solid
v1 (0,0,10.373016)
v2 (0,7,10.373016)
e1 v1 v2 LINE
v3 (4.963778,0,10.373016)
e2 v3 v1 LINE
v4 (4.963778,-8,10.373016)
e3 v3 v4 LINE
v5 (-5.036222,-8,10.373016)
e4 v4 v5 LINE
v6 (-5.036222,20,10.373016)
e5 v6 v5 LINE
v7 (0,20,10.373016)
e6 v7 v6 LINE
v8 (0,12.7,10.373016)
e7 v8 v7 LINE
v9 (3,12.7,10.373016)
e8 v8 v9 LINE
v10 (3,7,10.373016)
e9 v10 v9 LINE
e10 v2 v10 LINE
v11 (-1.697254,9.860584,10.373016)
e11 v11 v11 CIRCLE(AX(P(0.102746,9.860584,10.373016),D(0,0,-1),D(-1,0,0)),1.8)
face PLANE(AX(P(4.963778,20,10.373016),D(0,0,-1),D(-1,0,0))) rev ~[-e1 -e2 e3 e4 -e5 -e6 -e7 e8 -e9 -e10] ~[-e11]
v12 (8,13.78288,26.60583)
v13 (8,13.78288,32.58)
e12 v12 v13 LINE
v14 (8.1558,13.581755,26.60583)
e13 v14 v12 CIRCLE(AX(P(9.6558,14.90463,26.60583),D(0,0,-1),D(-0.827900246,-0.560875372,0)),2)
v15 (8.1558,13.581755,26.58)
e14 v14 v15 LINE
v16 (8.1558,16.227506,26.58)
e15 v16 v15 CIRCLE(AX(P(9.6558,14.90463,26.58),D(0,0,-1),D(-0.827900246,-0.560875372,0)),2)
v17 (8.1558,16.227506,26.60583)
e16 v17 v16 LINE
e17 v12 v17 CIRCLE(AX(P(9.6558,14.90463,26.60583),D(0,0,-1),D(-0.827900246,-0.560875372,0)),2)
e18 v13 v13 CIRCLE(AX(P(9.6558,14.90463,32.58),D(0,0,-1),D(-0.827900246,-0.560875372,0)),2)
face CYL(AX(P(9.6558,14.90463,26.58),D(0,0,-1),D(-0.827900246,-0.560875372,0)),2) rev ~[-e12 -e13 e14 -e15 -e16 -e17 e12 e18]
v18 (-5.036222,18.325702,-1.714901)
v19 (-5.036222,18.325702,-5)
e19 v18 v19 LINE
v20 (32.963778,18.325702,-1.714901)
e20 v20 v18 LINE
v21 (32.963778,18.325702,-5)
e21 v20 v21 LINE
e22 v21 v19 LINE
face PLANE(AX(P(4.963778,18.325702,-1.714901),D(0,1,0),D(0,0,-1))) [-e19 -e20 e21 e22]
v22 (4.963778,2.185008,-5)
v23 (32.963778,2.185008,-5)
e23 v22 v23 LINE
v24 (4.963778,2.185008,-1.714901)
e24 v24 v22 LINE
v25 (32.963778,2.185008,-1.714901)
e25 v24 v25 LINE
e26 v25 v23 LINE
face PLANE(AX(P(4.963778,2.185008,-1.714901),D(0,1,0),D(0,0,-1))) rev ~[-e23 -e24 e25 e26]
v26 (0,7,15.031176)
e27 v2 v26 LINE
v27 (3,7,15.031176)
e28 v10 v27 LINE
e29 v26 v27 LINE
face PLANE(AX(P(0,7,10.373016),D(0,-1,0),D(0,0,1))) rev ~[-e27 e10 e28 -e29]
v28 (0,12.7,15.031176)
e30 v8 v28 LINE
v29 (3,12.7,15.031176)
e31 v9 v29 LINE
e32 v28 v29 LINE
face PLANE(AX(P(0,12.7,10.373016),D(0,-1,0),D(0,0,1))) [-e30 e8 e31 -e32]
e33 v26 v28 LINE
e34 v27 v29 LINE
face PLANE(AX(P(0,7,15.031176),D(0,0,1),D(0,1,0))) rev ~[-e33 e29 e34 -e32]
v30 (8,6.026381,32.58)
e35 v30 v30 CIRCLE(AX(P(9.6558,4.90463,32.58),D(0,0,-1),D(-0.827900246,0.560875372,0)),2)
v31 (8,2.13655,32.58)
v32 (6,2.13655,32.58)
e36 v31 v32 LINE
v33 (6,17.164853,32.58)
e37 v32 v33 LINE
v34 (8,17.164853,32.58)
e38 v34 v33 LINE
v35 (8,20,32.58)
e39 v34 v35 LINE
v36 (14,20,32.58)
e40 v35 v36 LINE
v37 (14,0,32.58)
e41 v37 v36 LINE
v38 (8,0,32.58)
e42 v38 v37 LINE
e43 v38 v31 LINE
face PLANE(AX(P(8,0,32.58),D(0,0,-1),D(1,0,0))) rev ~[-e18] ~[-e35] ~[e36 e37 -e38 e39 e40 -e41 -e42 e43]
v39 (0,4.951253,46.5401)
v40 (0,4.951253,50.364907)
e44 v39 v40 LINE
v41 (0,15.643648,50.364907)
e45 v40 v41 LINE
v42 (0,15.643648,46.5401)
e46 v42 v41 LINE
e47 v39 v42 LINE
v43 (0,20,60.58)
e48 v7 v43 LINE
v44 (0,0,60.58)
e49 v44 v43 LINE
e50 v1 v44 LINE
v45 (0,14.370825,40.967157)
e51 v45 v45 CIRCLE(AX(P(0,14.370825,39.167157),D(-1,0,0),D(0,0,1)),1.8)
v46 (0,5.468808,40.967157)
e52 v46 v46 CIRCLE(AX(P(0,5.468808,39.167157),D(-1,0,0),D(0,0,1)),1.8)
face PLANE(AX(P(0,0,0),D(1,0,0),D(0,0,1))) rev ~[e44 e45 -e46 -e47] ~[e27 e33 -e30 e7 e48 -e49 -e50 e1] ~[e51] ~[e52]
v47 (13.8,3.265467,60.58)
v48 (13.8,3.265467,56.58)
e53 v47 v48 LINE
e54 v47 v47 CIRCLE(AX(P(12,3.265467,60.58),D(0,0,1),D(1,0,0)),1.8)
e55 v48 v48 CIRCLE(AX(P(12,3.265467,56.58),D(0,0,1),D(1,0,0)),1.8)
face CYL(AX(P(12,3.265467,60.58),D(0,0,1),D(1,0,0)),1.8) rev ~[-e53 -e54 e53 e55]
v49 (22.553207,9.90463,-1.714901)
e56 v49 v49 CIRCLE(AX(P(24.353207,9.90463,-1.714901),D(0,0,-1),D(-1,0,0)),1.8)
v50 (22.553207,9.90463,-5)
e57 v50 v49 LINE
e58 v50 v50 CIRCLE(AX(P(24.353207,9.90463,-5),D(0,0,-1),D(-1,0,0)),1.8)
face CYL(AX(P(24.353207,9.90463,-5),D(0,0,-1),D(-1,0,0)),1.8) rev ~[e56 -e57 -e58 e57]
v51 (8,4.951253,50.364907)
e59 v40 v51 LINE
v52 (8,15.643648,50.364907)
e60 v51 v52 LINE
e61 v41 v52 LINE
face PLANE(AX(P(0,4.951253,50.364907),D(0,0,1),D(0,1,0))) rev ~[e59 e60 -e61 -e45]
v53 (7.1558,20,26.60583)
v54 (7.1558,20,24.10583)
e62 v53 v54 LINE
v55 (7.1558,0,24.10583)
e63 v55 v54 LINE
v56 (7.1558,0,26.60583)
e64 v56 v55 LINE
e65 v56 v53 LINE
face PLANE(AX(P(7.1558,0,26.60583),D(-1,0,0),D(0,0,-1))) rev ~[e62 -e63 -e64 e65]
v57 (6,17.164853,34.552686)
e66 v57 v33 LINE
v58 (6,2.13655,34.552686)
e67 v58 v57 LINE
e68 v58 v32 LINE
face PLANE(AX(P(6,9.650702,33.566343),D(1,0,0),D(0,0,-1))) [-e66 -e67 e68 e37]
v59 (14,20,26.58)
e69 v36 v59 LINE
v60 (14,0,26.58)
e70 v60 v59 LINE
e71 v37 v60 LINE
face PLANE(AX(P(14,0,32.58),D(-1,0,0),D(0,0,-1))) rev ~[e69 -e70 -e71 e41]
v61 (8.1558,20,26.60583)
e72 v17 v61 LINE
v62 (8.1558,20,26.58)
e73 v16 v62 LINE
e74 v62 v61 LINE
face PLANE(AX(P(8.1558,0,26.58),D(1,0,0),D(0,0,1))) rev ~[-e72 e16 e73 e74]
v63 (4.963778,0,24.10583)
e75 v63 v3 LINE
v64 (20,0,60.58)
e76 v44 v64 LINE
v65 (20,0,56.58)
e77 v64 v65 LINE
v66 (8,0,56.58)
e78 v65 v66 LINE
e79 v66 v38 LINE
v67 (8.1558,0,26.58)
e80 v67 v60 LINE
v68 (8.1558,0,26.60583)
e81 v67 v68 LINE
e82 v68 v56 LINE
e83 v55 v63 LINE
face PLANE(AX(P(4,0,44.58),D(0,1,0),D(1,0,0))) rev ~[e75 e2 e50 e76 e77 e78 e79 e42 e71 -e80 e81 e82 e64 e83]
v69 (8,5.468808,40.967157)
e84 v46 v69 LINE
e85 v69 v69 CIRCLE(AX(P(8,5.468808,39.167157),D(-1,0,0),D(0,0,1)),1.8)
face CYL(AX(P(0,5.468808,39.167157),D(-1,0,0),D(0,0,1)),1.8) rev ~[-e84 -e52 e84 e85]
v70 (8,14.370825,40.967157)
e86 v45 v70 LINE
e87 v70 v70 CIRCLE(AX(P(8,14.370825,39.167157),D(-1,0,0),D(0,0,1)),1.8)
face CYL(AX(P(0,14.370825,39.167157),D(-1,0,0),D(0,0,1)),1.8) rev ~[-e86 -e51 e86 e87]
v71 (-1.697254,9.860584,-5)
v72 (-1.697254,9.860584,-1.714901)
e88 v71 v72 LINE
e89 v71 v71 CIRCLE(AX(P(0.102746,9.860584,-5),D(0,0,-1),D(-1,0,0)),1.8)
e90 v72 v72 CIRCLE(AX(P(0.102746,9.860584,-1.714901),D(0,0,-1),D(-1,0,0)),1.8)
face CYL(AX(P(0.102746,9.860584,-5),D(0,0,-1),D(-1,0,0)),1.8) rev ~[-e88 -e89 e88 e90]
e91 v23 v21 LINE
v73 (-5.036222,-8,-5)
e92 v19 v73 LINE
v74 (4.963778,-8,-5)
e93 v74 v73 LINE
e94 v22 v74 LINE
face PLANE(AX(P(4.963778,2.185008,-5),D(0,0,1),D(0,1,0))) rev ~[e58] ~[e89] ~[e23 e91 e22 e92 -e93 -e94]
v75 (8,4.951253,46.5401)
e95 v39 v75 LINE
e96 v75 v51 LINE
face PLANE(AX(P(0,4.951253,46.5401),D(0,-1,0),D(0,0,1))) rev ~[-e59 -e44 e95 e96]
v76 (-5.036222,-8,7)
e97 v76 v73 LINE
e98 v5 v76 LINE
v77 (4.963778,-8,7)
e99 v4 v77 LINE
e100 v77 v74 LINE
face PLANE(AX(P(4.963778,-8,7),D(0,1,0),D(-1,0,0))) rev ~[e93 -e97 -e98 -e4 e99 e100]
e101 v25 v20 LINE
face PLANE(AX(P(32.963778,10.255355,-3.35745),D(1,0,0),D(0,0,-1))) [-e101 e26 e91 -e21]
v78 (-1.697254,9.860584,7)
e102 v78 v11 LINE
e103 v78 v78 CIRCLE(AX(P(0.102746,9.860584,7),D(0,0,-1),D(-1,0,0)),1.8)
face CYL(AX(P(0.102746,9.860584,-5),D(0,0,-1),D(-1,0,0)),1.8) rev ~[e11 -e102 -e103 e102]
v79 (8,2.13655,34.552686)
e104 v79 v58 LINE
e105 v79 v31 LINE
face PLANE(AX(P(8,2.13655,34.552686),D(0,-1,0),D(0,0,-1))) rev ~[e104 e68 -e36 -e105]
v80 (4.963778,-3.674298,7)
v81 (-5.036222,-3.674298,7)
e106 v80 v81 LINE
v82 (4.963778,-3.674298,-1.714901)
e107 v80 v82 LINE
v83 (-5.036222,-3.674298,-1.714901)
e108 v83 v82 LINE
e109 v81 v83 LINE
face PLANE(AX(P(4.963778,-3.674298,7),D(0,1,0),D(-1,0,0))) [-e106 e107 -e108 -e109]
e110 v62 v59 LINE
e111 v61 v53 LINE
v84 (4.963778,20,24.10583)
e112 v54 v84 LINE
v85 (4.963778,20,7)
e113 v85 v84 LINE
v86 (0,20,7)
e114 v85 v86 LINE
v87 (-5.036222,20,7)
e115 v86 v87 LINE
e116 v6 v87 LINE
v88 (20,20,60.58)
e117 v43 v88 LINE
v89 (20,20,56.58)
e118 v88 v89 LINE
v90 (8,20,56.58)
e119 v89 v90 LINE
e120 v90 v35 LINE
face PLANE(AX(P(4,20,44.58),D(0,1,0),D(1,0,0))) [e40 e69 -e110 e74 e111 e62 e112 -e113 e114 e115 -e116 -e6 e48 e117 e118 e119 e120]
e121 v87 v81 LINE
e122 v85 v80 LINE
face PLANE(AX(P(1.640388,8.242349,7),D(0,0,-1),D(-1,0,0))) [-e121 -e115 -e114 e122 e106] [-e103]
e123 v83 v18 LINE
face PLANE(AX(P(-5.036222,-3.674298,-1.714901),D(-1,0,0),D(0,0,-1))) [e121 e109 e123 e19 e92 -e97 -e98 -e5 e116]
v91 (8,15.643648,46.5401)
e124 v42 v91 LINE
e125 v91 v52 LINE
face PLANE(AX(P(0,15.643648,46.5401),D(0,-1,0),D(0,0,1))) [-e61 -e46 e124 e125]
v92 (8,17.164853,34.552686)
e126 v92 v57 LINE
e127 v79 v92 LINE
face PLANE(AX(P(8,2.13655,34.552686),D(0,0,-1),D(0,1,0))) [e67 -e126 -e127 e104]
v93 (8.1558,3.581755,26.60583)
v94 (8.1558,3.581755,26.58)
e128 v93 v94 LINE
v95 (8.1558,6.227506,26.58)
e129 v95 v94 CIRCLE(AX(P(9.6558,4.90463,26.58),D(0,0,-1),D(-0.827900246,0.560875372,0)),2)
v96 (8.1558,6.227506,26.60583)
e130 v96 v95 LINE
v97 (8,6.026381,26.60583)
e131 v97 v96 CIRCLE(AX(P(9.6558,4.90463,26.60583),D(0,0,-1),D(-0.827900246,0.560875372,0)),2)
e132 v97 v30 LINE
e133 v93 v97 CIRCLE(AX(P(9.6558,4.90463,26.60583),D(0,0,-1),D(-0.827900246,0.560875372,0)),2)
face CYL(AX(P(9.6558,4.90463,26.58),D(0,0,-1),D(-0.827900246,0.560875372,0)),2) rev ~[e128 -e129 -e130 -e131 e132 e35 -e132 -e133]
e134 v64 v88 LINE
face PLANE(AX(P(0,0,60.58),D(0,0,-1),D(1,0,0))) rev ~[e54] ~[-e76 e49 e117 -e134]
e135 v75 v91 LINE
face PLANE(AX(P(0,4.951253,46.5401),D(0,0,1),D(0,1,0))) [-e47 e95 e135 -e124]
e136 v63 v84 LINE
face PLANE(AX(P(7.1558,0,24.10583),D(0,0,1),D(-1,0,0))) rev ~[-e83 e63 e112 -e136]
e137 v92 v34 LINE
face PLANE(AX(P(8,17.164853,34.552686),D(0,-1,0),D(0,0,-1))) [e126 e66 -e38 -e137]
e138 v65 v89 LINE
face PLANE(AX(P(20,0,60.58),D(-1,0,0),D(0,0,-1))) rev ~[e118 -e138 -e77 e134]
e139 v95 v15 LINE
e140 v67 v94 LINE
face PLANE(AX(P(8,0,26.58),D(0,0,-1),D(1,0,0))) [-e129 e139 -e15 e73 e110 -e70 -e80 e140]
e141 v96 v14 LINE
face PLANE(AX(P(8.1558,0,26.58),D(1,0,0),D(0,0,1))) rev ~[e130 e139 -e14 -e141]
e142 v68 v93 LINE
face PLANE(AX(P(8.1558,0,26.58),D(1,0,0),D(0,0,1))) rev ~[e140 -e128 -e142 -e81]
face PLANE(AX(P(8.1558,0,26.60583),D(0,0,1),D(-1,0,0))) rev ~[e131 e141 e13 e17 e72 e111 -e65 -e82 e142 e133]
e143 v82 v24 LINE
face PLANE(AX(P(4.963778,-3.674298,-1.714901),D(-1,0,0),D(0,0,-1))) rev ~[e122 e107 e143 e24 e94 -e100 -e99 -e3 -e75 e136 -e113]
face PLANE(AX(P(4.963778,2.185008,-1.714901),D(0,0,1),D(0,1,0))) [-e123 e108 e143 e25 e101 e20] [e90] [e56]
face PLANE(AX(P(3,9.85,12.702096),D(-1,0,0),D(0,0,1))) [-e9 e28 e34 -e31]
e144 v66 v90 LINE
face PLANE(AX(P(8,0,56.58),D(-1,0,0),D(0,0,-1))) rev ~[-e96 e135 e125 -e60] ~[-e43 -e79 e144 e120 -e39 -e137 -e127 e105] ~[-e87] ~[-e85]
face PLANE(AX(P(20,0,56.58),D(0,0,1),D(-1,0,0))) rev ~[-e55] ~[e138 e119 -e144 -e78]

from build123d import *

# Parameters (mm, degrees)
SKETCH1_W                = 8
SKETCH1_H                = 24
SKETCH1_H_2              = 6
SKETCH1_H_3              = 26.58
SKETCH1_W_2              = 6
BOSS_EXTRUDE1_DEPTH      = 20
SKETCH2_W                = 0.38984803
SKETCH2_H                = 24.105830214
CUT_EXTRUDE1_DEPTH       = 20
SKETCH3_W                = 42.504801082
SKETCH3_H                = 61.271071749
CUT_EXTRUDE2_DEPTH       = 7
BOSS_EXTRUDE3_DEPTH      = 8
BOSS_EXTRUDE3_DEPTH_BACK = 20
SKETCH5_W                = 10
SKETCH5_H                = 3.373015501
SKETCH6_R                = 2
CUT_EXTRUDE3_DEPTH       = 6
SKETCH7_W                = 10
SKETCH7_H                = 4.325701587
BOSS_EXTRUDE4_DEPTH      = 12
SKETCH8_W                = 10
SKETCH8_H                = 3.285099304
BOSS_EXTRUDE5_DEPTH      = 22
SKETCH9_R                = 1.8
CUT_EXTRUDE4_DEPTH       = 20
SKETCH10_W               = 4.6581603
SKETCH10_H               = 5.7
CUT_EXTRUDE5_DEPTH       = 3
SKETCH12_R               = 1.8
CUT_EXTRUDE7_DEPTH       = 5
SKETCH13_R               = 1.8
CUT_EXTRUDE8_DEPTH       = 12
SKETCH14_W               = 3.285099304
SKETCH14_H               = 16.14069385
BOSS_EXTRUDE6_DEPTH      = 28
SKETCH15_R               = 1.8
CUT_EXTRUDE9_DEPTH       = 20
SKETCH16_W               = 1.97268601
SKETCH16_H               = 15.028302634
CUT_EXTRUDE10_DEPTH      = 2
SKETCH18_W               = 3.824807143
SKETCH18_H               = 10.692395384
CUT_EXTRUDE11_DEPTH      = 10


with BuildPart() as part:
    # Sketch1 → Boss-Extrude1 (new body)
    with BuildSketch(Plane(origin=(0, 0, 0), x_dir=(1, 0, 0), z_dir=(0, 1, 0))):
        with Locations((4, -44.58)):
            Rectangle(SKETCH1_W, SKETCH1_H)
        with Locations((4, -29.58)):
            Rectangle(SKETCH1_W, SKETCH1_H_2)
        with Locations((4, -13.29)):
            Rectangle(SKETCH1_W, SKETCH1_H_3)
        with Locations((11, -29.58)):
            Rectangle(SKETCH1_W_2, SKETCH1_H_2)
        Polygon((8, -56.58), (0, -56.58), (0, -60.58), (20, -60.58), (20, -56.58), align=None)
    extrude(amount=BOSS_EXTRUDE1_DEPTH)

    # Sketch2 → Cut-Extrude1 (cut)
    with BuildSketch(Plane(origin=(0, 0, 0), x_dir=(-1, 0, 0), z_dir=(0, -1, 0))):
        Polygon((-7.155800491, -26.605830214), (-7.155800491, -24.105830214), (-8, -24.105830214), (-8, -26.58), (-8.155800491, -26.58), (-8.155800491, -26.605830214), align=None)
        Polygon((-8, -24.105830214), (-7.155800491, -24.105830214), (-5.353625866, -24.105830214), (-5.353625866, 0), (-8, 0), align=None)
        with Locations((-5.158701851, -12.052915107)):
            Rectangle(SKETCH2_W, SKETCH2_H)
    extrude(amount=-CUT_EXTRUDE1_DEPTH, mode=Mode.SUBTRACT)

    # Sketch3 → Cut-Extrude2 (cut)
    with BuildSketch(Plane(origin=(0, 0, 0), x_dir=(-1, 0, 0), z_dir=(0, 0, -1))):
        with Locations((-1.640387793, 8.242348963)):
            Rectangle(SKETCH3_W, SKETCH3_H)
    extrude(amount=-CUT_EXTRUDE2_DEPTH, mode=Mode.SUBTRACT)

    # Sketch5 → Boss-Extrude3 (add, two sides: drawn at the far end of the back side and taken through both)
    with BuildSketch(Plane(origin=(0, 0, 0), x_dir=(-1, 0, 0), z_dir=(0, -1, 0)).offset(-BOSS_EXTRUDE3_DEPTH_BACK)):
        with Locations((0.036222164, -8.686507751)):
            Rectangle(SKETCH5_W, SKETCH5_H)
    extrude(amount=BOSS_EXTRUDE3_DEPTH + BOSS_EXTRUDE3_DEPTH_BACK)

    # Sketch6 → Cut-Extrude3 (cut)
    with BuildSketch(Plane(origin=(0, 0, 26.58), x_dir=(-1, 0, 0), z_dir=(0, 0, -1))):
        with Locations(Location((-9.655800491, 4.904630263, 0), (0, 0, 34.116357222))):
            Circle(SKETCH6_R)
        with Locations(Location((-9.655800491, 14.904630263, 0), (0, 0, 325.883642778))):
            Circle(SKETCH6_R)
    extrude(amount=-CUT_EXTRUDE3_DEPTH, mode=Mode.SUBTRACT)

    # Sketch7 → Boss-Extrude4 (add)
    with BuildSketch(Plane(origin=(0, 0, 7), x_dir=(-1, 0, 0), z_dir=(0, 0, -1))):
        with Locations((0.036222164, -5.837149207)):
            Rectangle(SKETCH7_W, SKETCH7_H)
    extrude(amount=BOSS_EXTRUDE4_DEPTH)

    # Sketch8 → Boss-Extrude5 (add)
    with BuildSketch(Plane(origin=(0, -3.674298413, 0), x_dir=(1, 0, 0), z_dir=(0, 1, 0))):
        with Locations((-0.036222164, 3.357450348)):
            Rectangle(SKETCH8_W, SKETCH8_H)
    extrude(amount=BOSS_EXTRUDE5_DEPTH)

    # Sketch9 → Cut-Extrude4 (cut)
    with BuildSketch(Plane(origin=(0, 0, -5), x_dir=(-1, 0, 0), z_dir=(0, 0, -1))):
        with Locations((-0.102745826, 9.860584284)):
            Circle(SKETCH9_R)
    extrude(amount=-CUT_EXTRUDE4_DEPTH, mode=Mode.SUBTRACT)

    # Sketch10 → Cut-Extrude5 (cut)
    with BuildSketch(Plane.ZY):
        with Locations((12.702095651, 9.85)):
            Rectangle(SKETCH10_W, SKETCH10_H)
    extrude(amount=-CUT_EXTRUDE5_DEPTH, mode=Mode.SUBTRACT)

    # Sketch12 → Cut-Extrude7 (cut)
    with BuildSketch(Plane.XY.offset(60.58)):
        with Locations((12, 3.26546718)):
            Circle(SKETCH12_R)
    extrude(amount=-CUT_EXTRUDE7_DEPTH, mode=Mode.SUBTRACT)

    # Sketch13 → Cut-Extrude8 (cut)
    with BuildSketch(Plane.ZY):
        with Locations((39.167156573, 5.468808009)):
            Circle(SKETCH13_R)
        with Locations((39.167156573, 14.370824603)):
            Circle(SKETCH13_R)
    extrude(amount=-CUT_EXTRUDE8_DEPTH, mode=Mode.SUBTRACT)

    # Sketch14 → Boss-Extrude6 (add)
    with BuildSketch(Plane(origin=(4.963777836, 0, 0), x_dir=(0, 0, -1), z_dir=(1, 0, 0))):
        with Locations((3.357450348, 10.255354662)):
            Rectangle(SKETCH14_W, SKETCH14_H)
    extrude(amount=BOSS_EXTRUDE6_DEPTH)

    # Sketch15 → Cut-Extrude9 (cut)
    with BuildSketch(Plane(origin=(0, 0, -5), x_dir=(-1, 0, 0), z_dir=(0, 0, -1))):
        with Locations((-24.353207193, 9.904630263)):
            Circle(SKETCH15_R)
    extrude(amount=-CUT_EXTRUDE9_DEPTH, mode=Mode.SUBTRACT)

    # Sketch16 → Cut-Extrude10 (cut)
    with BuildSketch(Plane(origin=(8, 0, 0), x_dir=(0, 0, -1), z_dir=(1, 0, 0))):
        with Locations((-33.566343005, 9.65070179)):
            Rectangle(SKETCH16_W, SKETCH16_H)
    extrude(amount=-CUT_EXTRUDE10_DEPTH, mode=Mode.SUBTRACT)

    # Sketch18 → Cut-Extrude11 (cut)
    with BuildSketch(Plane.ZY):
        with Locations((48.45250386, 10.297450391)):
            Rectangle(SKETCH18_W, SKETCH18_H)
    extrude(amount=-CUT_EXTRUDE11_DEPTH, mode=Mode.SUBTRACT)


solid = part.part
